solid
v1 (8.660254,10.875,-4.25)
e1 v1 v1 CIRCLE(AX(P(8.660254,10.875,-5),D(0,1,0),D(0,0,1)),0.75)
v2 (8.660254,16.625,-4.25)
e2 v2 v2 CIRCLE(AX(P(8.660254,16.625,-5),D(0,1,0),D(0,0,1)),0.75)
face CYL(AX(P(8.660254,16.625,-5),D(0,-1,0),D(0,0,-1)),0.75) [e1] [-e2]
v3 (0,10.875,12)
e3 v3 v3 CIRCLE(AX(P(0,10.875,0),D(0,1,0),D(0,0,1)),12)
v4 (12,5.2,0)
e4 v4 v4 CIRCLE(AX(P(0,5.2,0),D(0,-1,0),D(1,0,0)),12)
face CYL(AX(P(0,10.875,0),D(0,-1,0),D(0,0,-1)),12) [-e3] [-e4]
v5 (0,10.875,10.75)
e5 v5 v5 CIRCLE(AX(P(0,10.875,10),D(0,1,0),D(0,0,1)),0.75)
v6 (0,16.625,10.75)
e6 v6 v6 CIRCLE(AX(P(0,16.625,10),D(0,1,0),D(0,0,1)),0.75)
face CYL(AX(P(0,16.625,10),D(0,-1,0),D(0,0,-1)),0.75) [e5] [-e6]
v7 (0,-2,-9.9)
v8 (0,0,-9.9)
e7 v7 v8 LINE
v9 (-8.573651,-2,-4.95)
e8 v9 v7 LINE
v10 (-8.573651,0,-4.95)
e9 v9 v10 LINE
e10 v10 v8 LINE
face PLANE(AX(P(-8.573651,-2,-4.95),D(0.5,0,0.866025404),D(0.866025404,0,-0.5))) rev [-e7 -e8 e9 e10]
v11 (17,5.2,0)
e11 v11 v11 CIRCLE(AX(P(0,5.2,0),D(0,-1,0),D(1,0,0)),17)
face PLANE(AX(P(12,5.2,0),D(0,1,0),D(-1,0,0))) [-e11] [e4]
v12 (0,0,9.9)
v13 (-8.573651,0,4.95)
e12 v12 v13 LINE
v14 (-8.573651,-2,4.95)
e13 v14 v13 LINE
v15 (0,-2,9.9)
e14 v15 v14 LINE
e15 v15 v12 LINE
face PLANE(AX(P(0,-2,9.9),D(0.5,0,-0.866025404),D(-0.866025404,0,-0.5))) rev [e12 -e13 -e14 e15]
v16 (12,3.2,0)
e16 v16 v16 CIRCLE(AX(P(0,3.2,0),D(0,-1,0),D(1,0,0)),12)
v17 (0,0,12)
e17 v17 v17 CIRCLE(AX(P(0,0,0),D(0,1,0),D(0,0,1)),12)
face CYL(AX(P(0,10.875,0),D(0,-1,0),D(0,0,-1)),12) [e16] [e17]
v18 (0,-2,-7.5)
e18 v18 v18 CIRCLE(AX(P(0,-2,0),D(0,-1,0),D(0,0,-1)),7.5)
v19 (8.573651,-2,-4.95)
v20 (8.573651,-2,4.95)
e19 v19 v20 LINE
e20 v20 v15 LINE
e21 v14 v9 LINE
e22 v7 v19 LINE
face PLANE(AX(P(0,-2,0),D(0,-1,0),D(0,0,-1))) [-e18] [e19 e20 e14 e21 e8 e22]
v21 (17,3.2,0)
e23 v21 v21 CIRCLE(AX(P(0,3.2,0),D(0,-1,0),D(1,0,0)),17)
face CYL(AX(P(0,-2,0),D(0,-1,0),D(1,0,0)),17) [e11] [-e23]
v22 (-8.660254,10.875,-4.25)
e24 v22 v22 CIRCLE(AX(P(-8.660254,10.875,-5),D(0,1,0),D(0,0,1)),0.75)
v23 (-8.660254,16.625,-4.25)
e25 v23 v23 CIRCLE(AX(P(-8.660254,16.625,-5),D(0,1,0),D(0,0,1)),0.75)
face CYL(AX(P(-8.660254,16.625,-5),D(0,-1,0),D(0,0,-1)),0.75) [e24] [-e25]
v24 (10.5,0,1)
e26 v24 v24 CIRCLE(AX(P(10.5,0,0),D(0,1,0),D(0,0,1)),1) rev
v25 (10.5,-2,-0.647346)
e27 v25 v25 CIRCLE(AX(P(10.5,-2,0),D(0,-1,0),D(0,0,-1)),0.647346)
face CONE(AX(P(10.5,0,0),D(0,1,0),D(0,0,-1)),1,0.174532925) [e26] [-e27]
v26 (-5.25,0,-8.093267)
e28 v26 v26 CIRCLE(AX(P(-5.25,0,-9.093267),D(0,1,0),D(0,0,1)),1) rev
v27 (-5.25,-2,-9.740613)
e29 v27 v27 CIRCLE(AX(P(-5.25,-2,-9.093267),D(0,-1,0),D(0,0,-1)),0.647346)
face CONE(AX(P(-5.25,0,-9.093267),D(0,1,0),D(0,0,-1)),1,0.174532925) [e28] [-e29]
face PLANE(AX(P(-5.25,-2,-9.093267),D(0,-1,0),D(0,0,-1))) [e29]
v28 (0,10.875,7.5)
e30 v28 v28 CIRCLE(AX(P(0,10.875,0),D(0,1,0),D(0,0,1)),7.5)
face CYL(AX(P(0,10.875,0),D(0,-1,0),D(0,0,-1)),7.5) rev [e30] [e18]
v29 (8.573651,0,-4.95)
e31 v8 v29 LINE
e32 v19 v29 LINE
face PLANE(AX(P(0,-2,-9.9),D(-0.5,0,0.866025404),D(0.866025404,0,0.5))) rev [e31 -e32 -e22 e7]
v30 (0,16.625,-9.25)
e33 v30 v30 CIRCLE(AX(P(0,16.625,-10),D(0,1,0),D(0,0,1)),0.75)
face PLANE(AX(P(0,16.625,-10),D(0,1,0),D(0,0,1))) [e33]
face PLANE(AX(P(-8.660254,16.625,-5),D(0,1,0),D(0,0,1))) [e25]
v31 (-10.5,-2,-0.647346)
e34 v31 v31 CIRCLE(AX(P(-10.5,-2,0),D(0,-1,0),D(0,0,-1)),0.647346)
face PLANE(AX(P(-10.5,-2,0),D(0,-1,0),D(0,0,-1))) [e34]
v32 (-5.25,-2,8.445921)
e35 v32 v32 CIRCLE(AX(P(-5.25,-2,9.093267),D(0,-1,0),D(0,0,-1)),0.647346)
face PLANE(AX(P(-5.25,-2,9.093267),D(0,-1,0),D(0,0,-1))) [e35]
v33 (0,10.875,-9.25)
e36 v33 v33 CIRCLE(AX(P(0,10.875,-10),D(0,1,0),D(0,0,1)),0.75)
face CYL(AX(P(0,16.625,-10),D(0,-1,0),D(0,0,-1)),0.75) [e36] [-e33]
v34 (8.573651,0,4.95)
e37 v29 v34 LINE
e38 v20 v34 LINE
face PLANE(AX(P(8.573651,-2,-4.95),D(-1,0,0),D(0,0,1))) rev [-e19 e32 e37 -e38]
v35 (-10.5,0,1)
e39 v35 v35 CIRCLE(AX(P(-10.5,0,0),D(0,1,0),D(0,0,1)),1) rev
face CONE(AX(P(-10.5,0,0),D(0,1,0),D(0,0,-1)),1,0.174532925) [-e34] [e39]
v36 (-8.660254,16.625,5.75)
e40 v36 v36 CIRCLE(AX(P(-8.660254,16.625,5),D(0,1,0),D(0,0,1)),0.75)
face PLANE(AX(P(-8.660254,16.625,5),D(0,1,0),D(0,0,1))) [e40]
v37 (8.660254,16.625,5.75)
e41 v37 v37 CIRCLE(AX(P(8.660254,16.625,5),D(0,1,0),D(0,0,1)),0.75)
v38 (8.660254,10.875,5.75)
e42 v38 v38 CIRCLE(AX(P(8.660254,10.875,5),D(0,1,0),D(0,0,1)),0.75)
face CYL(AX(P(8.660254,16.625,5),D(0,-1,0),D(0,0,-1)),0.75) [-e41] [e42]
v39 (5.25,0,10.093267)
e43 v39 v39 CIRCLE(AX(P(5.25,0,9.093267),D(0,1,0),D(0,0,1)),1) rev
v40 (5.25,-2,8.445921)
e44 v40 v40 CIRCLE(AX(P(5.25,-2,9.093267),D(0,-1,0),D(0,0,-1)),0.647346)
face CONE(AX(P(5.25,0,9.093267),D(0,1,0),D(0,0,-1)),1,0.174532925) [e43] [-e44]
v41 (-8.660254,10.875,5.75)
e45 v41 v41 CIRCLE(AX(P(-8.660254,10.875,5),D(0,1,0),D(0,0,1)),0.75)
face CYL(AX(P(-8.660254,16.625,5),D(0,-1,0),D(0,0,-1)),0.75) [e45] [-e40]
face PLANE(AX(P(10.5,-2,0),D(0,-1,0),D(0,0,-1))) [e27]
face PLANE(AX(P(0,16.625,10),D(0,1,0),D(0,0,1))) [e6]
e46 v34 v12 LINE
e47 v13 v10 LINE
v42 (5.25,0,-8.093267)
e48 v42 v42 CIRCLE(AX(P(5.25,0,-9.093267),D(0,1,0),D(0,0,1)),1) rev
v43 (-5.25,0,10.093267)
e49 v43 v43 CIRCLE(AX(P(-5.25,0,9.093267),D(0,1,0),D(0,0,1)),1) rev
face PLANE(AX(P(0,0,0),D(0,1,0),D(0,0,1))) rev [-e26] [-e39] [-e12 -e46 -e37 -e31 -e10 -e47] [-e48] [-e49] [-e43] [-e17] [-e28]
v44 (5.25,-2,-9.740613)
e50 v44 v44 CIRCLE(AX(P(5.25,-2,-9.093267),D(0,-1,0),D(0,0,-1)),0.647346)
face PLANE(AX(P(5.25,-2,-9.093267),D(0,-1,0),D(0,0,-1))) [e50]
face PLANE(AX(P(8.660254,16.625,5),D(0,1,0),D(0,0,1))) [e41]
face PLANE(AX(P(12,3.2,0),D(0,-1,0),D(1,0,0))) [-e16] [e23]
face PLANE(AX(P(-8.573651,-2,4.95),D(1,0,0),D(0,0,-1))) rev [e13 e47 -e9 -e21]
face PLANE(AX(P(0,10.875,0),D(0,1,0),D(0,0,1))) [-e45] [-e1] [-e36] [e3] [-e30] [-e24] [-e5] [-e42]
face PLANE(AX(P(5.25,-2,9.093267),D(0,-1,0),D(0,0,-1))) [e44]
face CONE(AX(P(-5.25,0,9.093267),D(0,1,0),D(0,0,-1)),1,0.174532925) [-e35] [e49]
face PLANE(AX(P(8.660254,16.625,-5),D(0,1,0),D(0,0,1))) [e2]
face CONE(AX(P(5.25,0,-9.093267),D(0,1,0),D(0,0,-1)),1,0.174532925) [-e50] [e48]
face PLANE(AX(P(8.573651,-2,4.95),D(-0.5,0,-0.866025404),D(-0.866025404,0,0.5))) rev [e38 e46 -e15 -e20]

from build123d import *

# Parameters (mm, degrees)
SKETCH1_R           = 12
SKETCH1_R_2         = 7.5
BOSS_EXTRUDE1_DEPTH = 10.875
SKETCH2_R           = 0.75
BOSS_EXTRUDE2_DEPTH = 5.75
SKETCH3_R           = 7.5
BOSS_EXTRUDE3_DEPTH = 2
SKETCH4_W           = 5
SKETCH4_H           = 2
SKETCH5_R           = 1
BOSS_EXTRUDE4_DEPTH = 2
BOSS_EXTRUDE4_TAPER = 10


with BuildPart() as part:
    # Sketch1 → Boss-Extrude1 (new body)
    with BuildSketch(Plane(origin=(0, 0, 0), x_dir=(1, 0, 0), z_dir=(0, 1, 0))):
        Circle(SKETCH1_R)
        Circle(SKETCH1_R_2, mode=Mode.SUBTRACT)
    extrude(amount=BOSS_EXTRUDE1_DEPTH)

    # Sketch2 → Boss-Extrude2 (add)
    with BuildSketch(Plane(origin=(0, 10.875, 0), x_dir=(1, 0, 0), z_dir=(0, 1, 0))):
        with Locations((0, 10)):
            Circle(SKETCH2_R)
        with Locations((-8.660254038, 5)):
            Circle(SKETCH2_R)
        with Locations((-8.660254038, -5)):
            Circle(SKETCH2_R)
        with Locations((0, -10)):
            Circle(SKETCH2_R)
        with Locations((8.660254038, -5)):
            Circle(SKETCH2_R)
        with Locations((8.660254038, 5)):
            Circle(SKETCH2_R)
    extrude(amount=BOSS_EXTRUDE2_DEPTH)

    # Sketch3 → Boss-Extrude3 (add)
    with BuildSketch(Plane(origin=(0, 0, 0), x_dir=(-1, 0, 0), z_dir=(0, -1, 0))):
        Polygon((0, -9.9), (8.573651497, -4.95), (8.573651497, 4.95), (0, 9.9), (-8.573651497, 4.95), (-8.573651497, -4.95), align=None)
        Circle(SKETCH3_R, mode=Mode.SUBTRACT)
    extrude(amount=BOSS_EXTRUDE3_DEPTH)

    # Sketch4 → Revolve1 (revolve)
    with BuildSketch(Plane.XY):
        with Locations((14.5, 4.2)):
            Rectangle(SKETCH4_W, SKETCH4_H)
    revolve(axis=Axis((0, -2, 0), (0, 1, 0)))

    # Sketch5 → Boss-Extrude4 (add)
    with BuildSketch(Plane.XZ):
        with Locations((-5.25, 9.09326674)):
            Circle(SKETCH5_R)
        with Locations((5.25, 9.09326674)):
            Circle(SKETCH5_R)
        with Locations((10.5, 0)):
            Circle(SKETCH5_R)
        with Locations((5.25, -9.09326674)):
            Circle(SKETCH5_R)
        with Locations((-5.25, -9.09326674)):
            Circle(SKETCH5_R)
        with Locations((-10.5, 0)):
            Circle(SKETCH5_R)
    extrude(amount=BOSS_EXTRUDE4_DEPTH, taper=BOSS_EXTRUDE4_TAPER)


solid = part.part
